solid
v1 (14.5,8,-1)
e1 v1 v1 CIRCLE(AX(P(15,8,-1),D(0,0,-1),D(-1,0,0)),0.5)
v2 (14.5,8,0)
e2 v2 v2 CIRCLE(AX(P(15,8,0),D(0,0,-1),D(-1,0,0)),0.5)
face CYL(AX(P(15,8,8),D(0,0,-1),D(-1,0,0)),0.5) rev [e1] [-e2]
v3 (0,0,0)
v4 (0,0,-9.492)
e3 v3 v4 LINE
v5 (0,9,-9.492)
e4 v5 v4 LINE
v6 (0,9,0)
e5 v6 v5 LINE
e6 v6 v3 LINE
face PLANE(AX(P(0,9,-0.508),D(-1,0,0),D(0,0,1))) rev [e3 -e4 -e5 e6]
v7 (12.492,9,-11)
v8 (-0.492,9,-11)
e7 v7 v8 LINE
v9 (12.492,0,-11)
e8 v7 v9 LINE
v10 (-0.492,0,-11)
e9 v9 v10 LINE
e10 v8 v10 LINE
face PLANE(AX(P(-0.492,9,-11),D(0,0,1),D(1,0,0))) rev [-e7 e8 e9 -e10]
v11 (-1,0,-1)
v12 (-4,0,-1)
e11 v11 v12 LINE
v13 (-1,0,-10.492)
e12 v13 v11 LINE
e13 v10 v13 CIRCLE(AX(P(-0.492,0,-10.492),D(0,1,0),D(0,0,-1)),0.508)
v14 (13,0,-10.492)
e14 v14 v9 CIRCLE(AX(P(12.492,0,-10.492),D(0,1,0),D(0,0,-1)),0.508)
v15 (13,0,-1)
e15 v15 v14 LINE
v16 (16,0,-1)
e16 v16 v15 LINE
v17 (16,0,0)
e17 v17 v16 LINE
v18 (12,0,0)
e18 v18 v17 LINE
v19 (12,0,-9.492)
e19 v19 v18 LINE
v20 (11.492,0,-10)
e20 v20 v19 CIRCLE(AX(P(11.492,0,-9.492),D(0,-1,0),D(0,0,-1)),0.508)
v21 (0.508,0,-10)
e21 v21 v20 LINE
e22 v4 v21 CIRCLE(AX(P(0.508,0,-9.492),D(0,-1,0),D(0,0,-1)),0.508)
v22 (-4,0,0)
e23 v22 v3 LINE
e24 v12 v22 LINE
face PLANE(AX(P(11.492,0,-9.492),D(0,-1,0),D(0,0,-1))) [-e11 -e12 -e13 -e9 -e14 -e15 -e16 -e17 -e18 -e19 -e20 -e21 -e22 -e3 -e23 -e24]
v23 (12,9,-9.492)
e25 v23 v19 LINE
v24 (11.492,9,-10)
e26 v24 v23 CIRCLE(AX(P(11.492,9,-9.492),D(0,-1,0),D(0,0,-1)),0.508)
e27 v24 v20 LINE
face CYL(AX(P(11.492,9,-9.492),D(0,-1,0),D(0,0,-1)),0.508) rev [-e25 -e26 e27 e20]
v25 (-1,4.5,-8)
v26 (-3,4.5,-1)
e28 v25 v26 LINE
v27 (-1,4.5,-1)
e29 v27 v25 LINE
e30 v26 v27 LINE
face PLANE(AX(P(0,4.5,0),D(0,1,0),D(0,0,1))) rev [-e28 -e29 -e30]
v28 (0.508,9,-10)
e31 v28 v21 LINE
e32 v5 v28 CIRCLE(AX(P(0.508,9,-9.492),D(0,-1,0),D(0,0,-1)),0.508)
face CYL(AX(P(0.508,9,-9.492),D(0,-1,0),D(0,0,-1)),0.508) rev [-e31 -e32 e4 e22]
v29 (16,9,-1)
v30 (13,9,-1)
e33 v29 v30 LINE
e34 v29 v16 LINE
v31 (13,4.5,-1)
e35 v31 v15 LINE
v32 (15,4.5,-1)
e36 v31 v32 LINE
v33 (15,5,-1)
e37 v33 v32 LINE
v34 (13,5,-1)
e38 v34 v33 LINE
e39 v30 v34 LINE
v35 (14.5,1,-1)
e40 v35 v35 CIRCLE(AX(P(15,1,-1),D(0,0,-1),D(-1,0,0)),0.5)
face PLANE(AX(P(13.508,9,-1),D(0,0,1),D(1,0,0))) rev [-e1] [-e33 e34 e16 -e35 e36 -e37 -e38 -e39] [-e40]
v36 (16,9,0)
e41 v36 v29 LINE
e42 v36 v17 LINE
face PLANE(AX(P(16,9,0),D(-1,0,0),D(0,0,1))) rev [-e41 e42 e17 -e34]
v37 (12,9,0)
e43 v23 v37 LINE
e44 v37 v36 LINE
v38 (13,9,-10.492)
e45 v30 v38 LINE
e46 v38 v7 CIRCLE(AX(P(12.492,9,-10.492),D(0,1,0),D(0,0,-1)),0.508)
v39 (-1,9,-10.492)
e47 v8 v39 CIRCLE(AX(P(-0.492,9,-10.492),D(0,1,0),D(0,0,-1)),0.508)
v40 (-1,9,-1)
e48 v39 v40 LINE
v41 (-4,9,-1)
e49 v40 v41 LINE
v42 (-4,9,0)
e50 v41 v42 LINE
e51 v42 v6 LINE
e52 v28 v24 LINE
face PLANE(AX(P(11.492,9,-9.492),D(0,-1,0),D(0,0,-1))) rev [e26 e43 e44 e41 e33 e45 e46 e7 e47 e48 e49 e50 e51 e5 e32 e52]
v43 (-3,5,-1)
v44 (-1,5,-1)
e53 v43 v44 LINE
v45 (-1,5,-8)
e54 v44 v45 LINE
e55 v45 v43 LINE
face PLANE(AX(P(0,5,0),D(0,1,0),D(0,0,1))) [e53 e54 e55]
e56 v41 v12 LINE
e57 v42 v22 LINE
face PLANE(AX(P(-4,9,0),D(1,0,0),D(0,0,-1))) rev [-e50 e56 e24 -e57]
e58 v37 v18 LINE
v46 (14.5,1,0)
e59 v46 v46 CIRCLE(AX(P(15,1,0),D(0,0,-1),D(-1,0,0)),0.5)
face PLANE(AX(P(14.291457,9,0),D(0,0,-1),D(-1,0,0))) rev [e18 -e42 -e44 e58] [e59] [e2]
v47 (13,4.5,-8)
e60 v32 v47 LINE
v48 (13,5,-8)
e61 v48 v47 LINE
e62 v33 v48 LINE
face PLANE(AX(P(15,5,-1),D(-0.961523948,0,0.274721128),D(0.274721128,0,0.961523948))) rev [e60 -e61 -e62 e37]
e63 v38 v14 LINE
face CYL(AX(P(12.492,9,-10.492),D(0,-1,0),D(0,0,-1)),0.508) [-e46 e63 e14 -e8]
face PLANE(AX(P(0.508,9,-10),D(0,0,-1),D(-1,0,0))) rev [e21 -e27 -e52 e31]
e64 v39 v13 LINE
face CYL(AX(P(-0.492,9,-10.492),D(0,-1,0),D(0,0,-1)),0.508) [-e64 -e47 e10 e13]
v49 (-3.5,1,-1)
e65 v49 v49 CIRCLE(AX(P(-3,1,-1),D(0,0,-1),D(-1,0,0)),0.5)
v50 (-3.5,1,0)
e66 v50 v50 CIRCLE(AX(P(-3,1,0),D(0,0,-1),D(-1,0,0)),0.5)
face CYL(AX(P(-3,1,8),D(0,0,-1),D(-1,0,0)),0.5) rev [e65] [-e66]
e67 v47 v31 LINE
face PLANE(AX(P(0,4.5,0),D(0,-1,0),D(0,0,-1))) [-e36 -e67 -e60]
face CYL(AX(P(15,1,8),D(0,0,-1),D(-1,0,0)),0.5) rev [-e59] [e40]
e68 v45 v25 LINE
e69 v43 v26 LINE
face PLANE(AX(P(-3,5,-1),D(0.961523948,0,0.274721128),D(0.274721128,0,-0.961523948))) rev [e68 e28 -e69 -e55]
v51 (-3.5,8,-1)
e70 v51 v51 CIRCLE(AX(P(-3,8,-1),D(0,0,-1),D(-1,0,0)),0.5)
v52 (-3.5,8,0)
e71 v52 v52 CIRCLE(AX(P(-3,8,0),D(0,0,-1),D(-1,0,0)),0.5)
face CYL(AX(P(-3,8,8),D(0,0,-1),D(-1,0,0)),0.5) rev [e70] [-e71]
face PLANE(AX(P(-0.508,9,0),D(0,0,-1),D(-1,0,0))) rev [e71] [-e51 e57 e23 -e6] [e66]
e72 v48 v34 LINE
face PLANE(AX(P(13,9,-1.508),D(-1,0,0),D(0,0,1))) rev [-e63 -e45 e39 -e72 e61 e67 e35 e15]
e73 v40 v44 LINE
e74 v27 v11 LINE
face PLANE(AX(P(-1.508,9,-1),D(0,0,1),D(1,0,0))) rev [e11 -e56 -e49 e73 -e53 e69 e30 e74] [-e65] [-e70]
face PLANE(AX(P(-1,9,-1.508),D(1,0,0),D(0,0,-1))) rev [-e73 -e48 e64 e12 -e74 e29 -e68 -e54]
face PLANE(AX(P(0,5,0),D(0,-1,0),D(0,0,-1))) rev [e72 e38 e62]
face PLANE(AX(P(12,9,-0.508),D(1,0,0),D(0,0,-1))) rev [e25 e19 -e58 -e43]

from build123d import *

# Parameters (mm, degrees)
BOSS_EXTRUDE1_DEPTH = 9
SKETCH2_R           = 0.5
CUT_EXTRUDE1_DEPTH  = 9
BOSS_EXTRUDE2_DEPTH = 0.5


with BuildPart() as part:
    # Sketch1 → Boss-Extrude1 (new body)
    with BuildSketch(Plane(origin=(0, 0, 0), x_dir=(1, 0, 0), z_dir=(0, 1, 0))):
        with BuildLine():
            Line((12.508, 0), (14.291457286, 0))
            Line((14.291457286, 0), (16, 0))
            Line((16, 0), (16, 1))
            Line((16, 1), (13.508, 1))
            Line((13.508, 1), (13, 1))
            Line((13, 1), (13, 1.508))
            Line((13, 1.508), (13, 10.492))
            ThreePointArc((13, 10.492), (12.851210245, 10.851210245), (12.492, 11))
            Line((12.492, 11), (-0.492, 11))
            ThreePointArc((-0.492, 11), (-0.851210245, 10.851210245), (-1, 10.492))
            Line((-1, 10.492), (-1, 1.508))
            Line((-1, 1.508), (-1, 1))
            Line((-1, 1), (-1.508, 1))
            Line((-1.508, 1), (-4, 1))
            Line((-4, 1), (-4, 0))
            Line((-4, 0), (-0.904522613, 0))
            Line((-0.904522613, 0), (-0.508, 0))
            Line((-0.508, 0), (0, 0))
            Line((0, 0), (0, 0.508))
            Line((0, 0.508), (0, 9.492))
            ThreePointArc((0, 9.492), (0.148789755, 9.851210245), (0.508, 10))
            Line((0.508, 10), (11.492, 10))
            ThreePointArc((11.492, 10), (11.851210245, 9.851210245), (12, 9.492))
            Line((12, 9.492), (12, 0.508))
            Line((12, 0.508), (12, 0))
            Line((12, 0), (12.508, 0))
        make_face()
    extrude(amount=BOSS_EXTRUDE1_DEPTH)

    # Sketch2 → Cut-Extrude1 (cut)
    with BuildSketch(Plane(origin=(0, 0, -1), x_dir=(-1, 0, 0), z_dir=(0, 0, -1))):
        with Locations((3, 1)):
            Circle(SKETCH2_R)
        with Locations((3, 8)):
            Circle(SKETCH2_R)
        with Locations((-15, 1)):
            Circle(SKETCH2_R)
        with Locations((-15, 8)):
            Circle(SKETCH2_R)
    extrude(amount=-CUT_EXTRUDE1_DEPTH, mode=Mode.SUBTRACT)

    # Sketch3 → Boss-Extrude2 (add)
    with BuildSketch(Plane(origin=(0, 4.50000011, 0), x_dir=(1, 0, 0), z_dir=(0, 1, 0))):
        Polygon((-3, 1), (-1, 8), (-1, 1), align=None)
        Polygon((13, 8), (13, 1), (15, 1), align=None)
    extrude(amount=BOSS_EXTRUDE2_DEPTH)


solid = part.part
